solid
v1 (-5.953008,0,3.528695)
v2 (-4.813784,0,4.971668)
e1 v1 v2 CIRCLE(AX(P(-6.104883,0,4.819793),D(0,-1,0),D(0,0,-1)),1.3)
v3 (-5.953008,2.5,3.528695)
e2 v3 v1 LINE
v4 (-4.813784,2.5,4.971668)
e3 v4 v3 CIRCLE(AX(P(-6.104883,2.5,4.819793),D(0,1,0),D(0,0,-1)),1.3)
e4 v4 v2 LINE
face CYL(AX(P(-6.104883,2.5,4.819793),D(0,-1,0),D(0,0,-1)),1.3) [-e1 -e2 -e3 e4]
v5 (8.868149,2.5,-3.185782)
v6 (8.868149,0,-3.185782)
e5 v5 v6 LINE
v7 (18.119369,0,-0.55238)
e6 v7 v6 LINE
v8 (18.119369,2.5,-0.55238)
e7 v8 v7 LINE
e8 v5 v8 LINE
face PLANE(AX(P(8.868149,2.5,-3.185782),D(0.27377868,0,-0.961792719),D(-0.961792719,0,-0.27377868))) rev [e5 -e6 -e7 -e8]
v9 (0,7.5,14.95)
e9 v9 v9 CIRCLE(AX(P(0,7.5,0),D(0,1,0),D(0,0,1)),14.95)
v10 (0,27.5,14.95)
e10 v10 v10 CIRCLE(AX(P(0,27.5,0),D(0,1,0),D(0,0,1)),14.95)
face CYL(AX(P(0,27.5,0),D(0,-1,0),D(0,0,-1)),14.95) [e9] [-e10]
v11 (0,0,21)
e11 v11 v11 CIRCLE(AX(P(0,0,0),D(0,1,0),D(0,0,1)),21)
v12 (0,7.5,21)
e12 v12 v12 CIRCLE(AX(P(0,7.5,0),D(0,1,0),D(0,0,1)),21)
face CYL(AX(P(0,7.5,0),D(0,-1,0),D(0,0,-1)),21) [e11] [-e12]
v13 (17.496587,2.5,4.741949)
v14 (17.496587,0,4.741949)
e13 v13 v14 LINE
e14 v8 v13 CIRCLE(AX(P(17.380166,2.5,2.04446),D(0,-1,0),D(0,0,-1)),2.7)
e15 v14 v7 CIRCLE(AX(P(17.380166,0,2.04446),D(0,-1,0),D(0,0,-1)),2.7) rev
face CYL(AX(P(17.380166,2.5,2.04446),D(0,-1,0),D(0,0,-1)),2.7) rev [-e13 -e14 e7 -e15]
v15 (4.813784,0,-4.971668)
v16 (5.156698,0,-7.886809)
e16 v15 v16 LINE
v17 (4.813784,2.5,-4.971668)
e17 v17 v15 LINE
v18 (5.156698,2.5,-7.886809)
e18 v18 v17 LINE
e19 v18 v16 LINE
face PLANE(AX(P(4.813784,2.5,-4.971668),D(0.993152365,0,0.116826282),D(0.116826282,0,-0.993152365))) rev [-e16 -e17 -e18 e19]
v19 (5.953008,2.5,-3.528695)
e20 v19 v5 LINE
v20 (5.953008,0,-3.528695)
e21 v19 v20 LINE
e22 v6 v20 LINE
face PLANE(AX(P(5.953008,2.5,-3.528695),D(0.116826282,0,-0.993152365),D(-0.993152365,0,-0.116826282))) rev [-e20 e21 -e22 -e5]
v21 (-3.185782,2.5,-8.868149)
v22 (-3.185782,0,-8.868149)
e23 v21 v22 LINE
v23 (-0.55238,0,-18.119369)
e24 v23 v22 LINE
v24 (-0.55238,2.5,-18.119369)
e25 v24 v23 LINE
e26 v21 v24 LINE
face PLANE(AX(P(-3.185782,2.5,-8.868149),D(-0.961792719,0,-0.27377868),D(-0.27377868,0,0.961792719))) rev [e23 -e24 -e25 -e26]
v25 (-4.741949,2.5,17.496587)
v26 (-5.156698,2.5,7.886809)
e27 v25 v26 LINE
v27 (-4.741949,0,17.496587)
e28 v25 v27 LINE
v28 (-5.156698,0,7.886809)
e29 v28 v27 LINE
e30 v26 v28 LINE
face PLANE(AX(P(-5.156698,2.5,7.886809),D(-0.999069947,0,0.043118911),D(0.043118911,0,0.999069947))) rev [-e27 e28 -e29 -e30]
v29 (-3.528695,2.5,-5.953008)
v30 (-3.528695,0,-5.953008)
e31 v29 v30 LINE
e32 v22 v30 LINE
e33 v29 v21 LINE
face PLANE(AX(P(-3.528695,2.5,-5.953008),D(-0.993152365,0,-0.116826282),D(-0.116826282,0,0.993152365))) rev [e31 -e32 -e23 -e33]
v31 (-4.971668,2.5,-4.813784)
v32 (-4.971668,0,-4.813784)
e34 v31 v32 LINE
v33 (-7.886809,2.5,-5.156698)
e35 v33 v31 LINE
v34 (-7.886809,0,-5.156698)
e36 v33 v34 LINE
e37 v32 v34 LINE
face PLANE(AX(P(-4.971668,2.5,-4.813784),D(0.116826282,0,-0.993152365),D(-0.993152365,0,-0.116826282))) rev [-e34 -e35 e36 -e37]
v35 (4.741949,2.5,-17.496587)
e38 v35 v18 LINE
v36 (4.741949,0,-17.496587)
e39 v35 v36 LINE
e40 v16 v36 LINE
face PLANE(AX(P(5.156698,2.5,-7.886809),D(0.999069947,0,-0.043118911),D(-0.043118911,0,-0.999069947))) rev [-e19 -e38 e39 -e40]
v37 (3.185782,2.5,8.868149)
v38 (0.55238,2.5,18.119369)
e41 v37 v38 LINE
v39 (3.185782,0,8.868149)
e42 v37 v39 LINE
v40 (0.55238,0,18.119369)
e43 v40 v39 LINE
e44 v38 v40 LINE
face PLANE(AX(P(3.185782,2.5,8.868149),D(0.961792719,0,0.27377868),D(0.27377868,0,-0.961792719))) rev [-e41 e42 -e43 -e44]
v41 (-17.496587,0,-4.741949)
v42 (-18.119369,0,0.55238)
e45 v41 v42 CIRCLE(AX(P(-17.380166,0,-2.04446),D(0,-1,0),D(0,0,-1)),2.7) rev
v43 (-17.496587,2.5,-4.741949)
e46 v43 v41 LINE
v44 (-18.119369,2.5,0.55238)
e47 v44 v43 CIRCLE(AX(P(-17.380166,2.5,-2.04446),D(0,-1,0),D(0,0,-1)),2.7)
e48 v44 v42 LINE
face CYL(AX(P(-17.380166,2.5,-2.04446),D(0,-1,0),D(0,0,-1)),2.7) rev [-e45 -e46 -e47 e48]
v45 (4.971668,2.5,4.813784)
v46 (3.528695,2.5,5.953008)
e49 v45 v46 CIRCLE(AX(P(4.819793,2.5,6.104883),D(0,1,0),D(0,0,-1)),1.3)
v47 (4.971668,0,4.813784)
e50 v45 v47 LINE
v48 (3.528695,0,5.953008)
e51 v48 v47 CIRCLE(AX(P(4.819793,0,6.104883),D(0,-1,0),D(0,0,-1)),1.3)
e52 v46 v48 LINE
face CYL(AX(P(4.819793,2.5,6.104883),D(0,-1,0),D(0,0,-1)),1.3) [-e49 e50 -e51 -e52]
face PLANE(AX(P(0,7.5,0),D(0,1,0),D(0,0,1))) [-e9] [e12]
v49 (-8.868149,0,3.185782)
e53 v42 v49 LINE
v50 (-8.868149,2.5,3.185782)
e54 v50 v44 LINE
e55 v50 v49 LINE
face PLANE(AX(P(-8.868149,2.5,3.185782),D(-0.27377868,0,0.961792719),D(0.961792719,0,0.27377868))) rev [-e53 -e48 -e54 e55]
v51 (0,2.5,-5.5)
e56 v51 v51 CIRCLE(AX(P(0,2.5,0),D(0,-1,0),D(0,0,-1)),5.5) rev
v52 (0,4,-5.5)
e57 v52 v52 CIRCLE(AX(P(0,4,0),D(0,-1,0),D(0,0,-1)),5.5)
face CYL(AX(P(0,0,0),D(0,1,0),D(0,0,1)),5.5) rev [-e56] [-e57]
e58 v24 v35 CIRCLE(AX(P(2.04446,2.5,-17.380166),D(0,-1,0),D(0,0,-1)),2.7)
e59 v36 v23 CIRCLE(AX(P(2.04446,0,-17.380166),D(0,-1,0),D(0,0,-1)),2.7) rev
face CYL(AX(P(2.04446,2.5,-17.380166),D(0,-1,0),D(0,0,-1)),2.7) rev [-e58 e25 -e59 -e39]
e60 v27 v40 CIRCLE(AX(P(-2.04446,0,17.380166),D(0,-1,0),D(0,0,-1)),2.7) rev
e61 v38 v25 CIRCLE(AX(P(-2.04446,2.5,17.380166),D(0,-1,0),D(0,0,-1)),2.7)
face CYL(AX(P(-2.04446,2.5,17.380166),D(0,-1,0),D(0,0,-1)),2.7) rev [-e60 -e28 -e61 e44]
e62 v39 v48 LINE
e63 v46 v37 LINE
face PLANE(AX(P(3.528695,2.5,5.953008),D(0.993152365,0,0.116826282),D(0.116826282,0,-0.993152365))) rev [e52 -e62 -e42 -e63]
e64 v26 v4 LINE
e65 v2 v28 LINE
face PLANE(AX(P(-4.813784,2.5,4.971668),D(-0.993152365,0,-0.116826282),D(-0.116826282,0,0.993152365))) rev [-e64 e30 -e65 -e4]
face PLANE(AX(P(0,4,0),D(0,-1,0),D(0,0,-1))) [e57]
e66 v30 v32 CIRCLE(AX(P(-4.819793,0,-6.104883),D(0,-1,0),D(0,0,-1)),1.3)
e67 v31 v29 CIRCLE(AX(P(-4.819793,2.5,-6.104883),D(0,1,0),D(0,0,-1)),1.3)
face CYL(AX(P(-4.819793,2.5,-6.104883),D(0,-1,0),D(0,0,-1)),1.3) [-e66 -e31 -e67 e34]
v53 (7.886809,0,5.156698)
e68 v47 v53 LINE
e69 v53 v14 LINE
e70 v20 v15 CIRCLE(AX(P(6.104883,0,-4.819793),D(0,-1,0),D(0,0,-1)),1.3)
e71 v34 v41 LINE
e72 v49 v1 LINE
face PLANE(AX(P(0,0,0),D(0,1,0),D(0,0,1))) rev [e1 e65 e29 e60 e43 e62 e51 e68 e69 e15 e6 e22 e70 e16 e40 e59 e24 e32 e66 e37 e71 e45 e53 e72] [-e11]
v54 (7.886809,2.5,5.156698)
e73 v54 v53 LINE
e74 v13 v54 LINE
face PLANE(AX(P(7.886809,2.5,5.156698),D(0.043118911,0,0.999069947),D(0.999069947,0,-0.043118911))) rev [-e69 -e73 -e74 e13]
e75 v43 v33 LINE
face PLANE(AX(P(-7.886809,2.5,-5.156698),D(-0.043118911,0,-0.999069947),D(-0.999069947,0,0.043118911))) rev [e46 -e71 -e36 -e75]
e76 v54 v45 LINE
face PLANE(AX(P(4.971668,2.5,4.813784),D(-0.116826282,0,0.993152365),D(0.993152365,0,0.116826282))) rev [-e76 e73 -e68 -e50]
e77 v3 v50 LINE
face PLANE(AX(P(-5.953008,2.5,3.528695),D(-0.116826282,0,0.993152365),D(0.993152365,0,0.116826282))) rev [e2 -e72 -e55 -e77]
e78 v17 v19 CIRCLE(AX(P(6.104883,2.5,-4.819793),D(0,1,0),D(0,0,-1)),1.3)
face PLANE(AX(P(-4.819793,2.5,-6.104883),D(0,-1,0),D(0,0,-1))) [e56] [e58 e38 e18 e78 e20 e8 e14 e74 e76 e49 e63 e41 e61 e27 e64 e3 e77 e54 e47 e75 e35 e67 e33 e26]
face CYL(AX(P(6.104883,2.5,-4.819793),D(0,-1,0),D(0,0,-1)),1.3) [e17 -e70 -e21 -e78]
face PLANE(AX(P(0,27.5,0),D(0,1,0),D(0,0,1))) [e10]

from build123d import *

# Parameters (mm, degrees)
CROQUIS1_R                 = 21
SALIENTE_EXTRUIR1_DEPTH    = 7.5
CROQUIS2_R                 = 14.95
SALIENTE_EXTRUIR2_DEPTH    = 20
CORTAR_EXTRUIR1_DEPTH      = 41.475301111
CORTAR_EXTRUIR1_DEPTH_BACK = 2.5
CORTAR_EXTRUIR2_DEPTH      = 39.820097888
CORTAR_EXTRUIR2_DEPTH_BACK = 1.5
CROQUIS4_R                 = 5.5


with BuildPart() as part:
    # Croquis1 → Saliente-Extruir1 (new body)
    with BuildSketch(Plane(origin=(0, 0, 0), x_dir=(1, 0, 0), z_dir=(0, 1, 0))):
        with Locations(Location((0, 0, 0), (0, 0, 270))):
            Circle(CROQUIS1_R)
    extrude(amount=SALIENTE_EXTRUIR1_DEPTH)

    # Croquis2 → Saliente-Extruir2 (add)
    with BuildSketch(Plane(origin=(0, 7.5, 0), x_dir=(1, 0, 0), z_dir=(0, 1, 0))):
        with Locations(Location((0, 0, 0), (0, 0, 270))):
            Circle(CROQUIS2_R)
    extrude(amount=SALIENTE_EXTRUIR2_DEPTH)

    # Croquis3 → Cortar-Extruir1 (cut, two sides: drawn at the far end of the back side and taken through both)
    with BuildSketch(Plane.XZ.offset(-CORTAR_EXTRUIR1_DEPTH_BACK)):
        with BuildLine():
            Line((-4.971667622, -4.813784484), (-7.886808716, -5.156697725))
            Line((-7.886808716, -5.156697725), (-17.496587444, -4.741948795))
            ThreePointArc((-17.496587444, -4.741948795), (-20.06167777, -2.359890899), (-18.11936882, 0.552380405))
            Line((-18.11936882, 0.552380405), (-8.868149486, 3.18578214))
            Line((-8.868149486, 3.18578214), (-5.953008392, 3.528695381))
            ThreePointArc((-5.953008392, 3.528695381), (-5.084547102, 4.014240505), (-4.813784484, 4.971667622))
            Line((-4.813784484, 4.971667622), (-5.156697725, 7.886808716))
            Line((-5.156697725, 7.886808716), (-4.741948795, 17.496587444))
            ThreePointArc((-4.741948795, 17.496587444), (-2.359890899, 20.06167777), (0.552380405, 18.11936882))
            Line((0.552380405, 18.11936882), (3.18578214, 8.868149486))
            Line((3.18578214, 8.868149486), (3.528695381, 5.953008392))
            ThreePointArc((3.528695381, 5.953008392), (4.014240505, 5.084547102), (4.971667622, 4.813784484))
            Line((4.971667622, 4.813784484), (7.886808716, 5.156697725))
            Line((7.886808716, 5.156697725), (17.496587444, 4.741948795))
            ThreePointArc((17.496587444, 4.741948795), (20.06167777, 2.359890899), (18.11936882, -0.552380405))
            Line((18.11936882, -0.552380405), (8.868149486, -3.18578214))
            Line((8.868149486, -3.18578214), (5.953008392, -3.528695381))
            ThreePointArc((5.953008392, -3.528695381), (5.084547102, -4.014240505), (4.813784484, -4.971667622))
            Line((4.813784484, -4.971667622), (5.156697725, -7.886808716))
            Line((5.156697725, -7.886808716), (4.741948795, -17.496587444))
            ThreePointArc((4.741948795, -17.496587444), (2.359890899, -20.06167777), (-0.552380405, -18.11936882))
            Line((-0.552380405, -18.11936882), (-3.18578214, -8.868149486))
            Line((-3.18578214, -8.868149486), (-3.528695381, -5.953008392))
            ThreePointArc((-3.528695381, -5.953008392), (-4.014240505, -5.084547102), (-4.971667622, -4.813784484))
        make_face()
    extrude(amount=CORTAR_EXTRUIR1_DEPTH + CORTAR_EXTRUIR1_DEPTH_BACK, mode=Mode.SUBTRACT)

    # Croquis4 → Cortar-Extruir2 (cut, two sides: drawn at the far end of the back side and taken through both)
    with BuildSketch(Plane.XZ.offset(-2.5).offset(-CORTAR_EXTRUIR2_DEPTH_BACK)):
        with Locations(Location((0, 0, 0), (0, 0, 270))):
            Circle(CROQUIS4_R)
    extrude(amount=CORTAR_EXTRUIR2_DEPTH + CORTAR_EXTRUIR2_DEPTH_BACK, mode=Mode.SUBTRACT)


solid = part.part
